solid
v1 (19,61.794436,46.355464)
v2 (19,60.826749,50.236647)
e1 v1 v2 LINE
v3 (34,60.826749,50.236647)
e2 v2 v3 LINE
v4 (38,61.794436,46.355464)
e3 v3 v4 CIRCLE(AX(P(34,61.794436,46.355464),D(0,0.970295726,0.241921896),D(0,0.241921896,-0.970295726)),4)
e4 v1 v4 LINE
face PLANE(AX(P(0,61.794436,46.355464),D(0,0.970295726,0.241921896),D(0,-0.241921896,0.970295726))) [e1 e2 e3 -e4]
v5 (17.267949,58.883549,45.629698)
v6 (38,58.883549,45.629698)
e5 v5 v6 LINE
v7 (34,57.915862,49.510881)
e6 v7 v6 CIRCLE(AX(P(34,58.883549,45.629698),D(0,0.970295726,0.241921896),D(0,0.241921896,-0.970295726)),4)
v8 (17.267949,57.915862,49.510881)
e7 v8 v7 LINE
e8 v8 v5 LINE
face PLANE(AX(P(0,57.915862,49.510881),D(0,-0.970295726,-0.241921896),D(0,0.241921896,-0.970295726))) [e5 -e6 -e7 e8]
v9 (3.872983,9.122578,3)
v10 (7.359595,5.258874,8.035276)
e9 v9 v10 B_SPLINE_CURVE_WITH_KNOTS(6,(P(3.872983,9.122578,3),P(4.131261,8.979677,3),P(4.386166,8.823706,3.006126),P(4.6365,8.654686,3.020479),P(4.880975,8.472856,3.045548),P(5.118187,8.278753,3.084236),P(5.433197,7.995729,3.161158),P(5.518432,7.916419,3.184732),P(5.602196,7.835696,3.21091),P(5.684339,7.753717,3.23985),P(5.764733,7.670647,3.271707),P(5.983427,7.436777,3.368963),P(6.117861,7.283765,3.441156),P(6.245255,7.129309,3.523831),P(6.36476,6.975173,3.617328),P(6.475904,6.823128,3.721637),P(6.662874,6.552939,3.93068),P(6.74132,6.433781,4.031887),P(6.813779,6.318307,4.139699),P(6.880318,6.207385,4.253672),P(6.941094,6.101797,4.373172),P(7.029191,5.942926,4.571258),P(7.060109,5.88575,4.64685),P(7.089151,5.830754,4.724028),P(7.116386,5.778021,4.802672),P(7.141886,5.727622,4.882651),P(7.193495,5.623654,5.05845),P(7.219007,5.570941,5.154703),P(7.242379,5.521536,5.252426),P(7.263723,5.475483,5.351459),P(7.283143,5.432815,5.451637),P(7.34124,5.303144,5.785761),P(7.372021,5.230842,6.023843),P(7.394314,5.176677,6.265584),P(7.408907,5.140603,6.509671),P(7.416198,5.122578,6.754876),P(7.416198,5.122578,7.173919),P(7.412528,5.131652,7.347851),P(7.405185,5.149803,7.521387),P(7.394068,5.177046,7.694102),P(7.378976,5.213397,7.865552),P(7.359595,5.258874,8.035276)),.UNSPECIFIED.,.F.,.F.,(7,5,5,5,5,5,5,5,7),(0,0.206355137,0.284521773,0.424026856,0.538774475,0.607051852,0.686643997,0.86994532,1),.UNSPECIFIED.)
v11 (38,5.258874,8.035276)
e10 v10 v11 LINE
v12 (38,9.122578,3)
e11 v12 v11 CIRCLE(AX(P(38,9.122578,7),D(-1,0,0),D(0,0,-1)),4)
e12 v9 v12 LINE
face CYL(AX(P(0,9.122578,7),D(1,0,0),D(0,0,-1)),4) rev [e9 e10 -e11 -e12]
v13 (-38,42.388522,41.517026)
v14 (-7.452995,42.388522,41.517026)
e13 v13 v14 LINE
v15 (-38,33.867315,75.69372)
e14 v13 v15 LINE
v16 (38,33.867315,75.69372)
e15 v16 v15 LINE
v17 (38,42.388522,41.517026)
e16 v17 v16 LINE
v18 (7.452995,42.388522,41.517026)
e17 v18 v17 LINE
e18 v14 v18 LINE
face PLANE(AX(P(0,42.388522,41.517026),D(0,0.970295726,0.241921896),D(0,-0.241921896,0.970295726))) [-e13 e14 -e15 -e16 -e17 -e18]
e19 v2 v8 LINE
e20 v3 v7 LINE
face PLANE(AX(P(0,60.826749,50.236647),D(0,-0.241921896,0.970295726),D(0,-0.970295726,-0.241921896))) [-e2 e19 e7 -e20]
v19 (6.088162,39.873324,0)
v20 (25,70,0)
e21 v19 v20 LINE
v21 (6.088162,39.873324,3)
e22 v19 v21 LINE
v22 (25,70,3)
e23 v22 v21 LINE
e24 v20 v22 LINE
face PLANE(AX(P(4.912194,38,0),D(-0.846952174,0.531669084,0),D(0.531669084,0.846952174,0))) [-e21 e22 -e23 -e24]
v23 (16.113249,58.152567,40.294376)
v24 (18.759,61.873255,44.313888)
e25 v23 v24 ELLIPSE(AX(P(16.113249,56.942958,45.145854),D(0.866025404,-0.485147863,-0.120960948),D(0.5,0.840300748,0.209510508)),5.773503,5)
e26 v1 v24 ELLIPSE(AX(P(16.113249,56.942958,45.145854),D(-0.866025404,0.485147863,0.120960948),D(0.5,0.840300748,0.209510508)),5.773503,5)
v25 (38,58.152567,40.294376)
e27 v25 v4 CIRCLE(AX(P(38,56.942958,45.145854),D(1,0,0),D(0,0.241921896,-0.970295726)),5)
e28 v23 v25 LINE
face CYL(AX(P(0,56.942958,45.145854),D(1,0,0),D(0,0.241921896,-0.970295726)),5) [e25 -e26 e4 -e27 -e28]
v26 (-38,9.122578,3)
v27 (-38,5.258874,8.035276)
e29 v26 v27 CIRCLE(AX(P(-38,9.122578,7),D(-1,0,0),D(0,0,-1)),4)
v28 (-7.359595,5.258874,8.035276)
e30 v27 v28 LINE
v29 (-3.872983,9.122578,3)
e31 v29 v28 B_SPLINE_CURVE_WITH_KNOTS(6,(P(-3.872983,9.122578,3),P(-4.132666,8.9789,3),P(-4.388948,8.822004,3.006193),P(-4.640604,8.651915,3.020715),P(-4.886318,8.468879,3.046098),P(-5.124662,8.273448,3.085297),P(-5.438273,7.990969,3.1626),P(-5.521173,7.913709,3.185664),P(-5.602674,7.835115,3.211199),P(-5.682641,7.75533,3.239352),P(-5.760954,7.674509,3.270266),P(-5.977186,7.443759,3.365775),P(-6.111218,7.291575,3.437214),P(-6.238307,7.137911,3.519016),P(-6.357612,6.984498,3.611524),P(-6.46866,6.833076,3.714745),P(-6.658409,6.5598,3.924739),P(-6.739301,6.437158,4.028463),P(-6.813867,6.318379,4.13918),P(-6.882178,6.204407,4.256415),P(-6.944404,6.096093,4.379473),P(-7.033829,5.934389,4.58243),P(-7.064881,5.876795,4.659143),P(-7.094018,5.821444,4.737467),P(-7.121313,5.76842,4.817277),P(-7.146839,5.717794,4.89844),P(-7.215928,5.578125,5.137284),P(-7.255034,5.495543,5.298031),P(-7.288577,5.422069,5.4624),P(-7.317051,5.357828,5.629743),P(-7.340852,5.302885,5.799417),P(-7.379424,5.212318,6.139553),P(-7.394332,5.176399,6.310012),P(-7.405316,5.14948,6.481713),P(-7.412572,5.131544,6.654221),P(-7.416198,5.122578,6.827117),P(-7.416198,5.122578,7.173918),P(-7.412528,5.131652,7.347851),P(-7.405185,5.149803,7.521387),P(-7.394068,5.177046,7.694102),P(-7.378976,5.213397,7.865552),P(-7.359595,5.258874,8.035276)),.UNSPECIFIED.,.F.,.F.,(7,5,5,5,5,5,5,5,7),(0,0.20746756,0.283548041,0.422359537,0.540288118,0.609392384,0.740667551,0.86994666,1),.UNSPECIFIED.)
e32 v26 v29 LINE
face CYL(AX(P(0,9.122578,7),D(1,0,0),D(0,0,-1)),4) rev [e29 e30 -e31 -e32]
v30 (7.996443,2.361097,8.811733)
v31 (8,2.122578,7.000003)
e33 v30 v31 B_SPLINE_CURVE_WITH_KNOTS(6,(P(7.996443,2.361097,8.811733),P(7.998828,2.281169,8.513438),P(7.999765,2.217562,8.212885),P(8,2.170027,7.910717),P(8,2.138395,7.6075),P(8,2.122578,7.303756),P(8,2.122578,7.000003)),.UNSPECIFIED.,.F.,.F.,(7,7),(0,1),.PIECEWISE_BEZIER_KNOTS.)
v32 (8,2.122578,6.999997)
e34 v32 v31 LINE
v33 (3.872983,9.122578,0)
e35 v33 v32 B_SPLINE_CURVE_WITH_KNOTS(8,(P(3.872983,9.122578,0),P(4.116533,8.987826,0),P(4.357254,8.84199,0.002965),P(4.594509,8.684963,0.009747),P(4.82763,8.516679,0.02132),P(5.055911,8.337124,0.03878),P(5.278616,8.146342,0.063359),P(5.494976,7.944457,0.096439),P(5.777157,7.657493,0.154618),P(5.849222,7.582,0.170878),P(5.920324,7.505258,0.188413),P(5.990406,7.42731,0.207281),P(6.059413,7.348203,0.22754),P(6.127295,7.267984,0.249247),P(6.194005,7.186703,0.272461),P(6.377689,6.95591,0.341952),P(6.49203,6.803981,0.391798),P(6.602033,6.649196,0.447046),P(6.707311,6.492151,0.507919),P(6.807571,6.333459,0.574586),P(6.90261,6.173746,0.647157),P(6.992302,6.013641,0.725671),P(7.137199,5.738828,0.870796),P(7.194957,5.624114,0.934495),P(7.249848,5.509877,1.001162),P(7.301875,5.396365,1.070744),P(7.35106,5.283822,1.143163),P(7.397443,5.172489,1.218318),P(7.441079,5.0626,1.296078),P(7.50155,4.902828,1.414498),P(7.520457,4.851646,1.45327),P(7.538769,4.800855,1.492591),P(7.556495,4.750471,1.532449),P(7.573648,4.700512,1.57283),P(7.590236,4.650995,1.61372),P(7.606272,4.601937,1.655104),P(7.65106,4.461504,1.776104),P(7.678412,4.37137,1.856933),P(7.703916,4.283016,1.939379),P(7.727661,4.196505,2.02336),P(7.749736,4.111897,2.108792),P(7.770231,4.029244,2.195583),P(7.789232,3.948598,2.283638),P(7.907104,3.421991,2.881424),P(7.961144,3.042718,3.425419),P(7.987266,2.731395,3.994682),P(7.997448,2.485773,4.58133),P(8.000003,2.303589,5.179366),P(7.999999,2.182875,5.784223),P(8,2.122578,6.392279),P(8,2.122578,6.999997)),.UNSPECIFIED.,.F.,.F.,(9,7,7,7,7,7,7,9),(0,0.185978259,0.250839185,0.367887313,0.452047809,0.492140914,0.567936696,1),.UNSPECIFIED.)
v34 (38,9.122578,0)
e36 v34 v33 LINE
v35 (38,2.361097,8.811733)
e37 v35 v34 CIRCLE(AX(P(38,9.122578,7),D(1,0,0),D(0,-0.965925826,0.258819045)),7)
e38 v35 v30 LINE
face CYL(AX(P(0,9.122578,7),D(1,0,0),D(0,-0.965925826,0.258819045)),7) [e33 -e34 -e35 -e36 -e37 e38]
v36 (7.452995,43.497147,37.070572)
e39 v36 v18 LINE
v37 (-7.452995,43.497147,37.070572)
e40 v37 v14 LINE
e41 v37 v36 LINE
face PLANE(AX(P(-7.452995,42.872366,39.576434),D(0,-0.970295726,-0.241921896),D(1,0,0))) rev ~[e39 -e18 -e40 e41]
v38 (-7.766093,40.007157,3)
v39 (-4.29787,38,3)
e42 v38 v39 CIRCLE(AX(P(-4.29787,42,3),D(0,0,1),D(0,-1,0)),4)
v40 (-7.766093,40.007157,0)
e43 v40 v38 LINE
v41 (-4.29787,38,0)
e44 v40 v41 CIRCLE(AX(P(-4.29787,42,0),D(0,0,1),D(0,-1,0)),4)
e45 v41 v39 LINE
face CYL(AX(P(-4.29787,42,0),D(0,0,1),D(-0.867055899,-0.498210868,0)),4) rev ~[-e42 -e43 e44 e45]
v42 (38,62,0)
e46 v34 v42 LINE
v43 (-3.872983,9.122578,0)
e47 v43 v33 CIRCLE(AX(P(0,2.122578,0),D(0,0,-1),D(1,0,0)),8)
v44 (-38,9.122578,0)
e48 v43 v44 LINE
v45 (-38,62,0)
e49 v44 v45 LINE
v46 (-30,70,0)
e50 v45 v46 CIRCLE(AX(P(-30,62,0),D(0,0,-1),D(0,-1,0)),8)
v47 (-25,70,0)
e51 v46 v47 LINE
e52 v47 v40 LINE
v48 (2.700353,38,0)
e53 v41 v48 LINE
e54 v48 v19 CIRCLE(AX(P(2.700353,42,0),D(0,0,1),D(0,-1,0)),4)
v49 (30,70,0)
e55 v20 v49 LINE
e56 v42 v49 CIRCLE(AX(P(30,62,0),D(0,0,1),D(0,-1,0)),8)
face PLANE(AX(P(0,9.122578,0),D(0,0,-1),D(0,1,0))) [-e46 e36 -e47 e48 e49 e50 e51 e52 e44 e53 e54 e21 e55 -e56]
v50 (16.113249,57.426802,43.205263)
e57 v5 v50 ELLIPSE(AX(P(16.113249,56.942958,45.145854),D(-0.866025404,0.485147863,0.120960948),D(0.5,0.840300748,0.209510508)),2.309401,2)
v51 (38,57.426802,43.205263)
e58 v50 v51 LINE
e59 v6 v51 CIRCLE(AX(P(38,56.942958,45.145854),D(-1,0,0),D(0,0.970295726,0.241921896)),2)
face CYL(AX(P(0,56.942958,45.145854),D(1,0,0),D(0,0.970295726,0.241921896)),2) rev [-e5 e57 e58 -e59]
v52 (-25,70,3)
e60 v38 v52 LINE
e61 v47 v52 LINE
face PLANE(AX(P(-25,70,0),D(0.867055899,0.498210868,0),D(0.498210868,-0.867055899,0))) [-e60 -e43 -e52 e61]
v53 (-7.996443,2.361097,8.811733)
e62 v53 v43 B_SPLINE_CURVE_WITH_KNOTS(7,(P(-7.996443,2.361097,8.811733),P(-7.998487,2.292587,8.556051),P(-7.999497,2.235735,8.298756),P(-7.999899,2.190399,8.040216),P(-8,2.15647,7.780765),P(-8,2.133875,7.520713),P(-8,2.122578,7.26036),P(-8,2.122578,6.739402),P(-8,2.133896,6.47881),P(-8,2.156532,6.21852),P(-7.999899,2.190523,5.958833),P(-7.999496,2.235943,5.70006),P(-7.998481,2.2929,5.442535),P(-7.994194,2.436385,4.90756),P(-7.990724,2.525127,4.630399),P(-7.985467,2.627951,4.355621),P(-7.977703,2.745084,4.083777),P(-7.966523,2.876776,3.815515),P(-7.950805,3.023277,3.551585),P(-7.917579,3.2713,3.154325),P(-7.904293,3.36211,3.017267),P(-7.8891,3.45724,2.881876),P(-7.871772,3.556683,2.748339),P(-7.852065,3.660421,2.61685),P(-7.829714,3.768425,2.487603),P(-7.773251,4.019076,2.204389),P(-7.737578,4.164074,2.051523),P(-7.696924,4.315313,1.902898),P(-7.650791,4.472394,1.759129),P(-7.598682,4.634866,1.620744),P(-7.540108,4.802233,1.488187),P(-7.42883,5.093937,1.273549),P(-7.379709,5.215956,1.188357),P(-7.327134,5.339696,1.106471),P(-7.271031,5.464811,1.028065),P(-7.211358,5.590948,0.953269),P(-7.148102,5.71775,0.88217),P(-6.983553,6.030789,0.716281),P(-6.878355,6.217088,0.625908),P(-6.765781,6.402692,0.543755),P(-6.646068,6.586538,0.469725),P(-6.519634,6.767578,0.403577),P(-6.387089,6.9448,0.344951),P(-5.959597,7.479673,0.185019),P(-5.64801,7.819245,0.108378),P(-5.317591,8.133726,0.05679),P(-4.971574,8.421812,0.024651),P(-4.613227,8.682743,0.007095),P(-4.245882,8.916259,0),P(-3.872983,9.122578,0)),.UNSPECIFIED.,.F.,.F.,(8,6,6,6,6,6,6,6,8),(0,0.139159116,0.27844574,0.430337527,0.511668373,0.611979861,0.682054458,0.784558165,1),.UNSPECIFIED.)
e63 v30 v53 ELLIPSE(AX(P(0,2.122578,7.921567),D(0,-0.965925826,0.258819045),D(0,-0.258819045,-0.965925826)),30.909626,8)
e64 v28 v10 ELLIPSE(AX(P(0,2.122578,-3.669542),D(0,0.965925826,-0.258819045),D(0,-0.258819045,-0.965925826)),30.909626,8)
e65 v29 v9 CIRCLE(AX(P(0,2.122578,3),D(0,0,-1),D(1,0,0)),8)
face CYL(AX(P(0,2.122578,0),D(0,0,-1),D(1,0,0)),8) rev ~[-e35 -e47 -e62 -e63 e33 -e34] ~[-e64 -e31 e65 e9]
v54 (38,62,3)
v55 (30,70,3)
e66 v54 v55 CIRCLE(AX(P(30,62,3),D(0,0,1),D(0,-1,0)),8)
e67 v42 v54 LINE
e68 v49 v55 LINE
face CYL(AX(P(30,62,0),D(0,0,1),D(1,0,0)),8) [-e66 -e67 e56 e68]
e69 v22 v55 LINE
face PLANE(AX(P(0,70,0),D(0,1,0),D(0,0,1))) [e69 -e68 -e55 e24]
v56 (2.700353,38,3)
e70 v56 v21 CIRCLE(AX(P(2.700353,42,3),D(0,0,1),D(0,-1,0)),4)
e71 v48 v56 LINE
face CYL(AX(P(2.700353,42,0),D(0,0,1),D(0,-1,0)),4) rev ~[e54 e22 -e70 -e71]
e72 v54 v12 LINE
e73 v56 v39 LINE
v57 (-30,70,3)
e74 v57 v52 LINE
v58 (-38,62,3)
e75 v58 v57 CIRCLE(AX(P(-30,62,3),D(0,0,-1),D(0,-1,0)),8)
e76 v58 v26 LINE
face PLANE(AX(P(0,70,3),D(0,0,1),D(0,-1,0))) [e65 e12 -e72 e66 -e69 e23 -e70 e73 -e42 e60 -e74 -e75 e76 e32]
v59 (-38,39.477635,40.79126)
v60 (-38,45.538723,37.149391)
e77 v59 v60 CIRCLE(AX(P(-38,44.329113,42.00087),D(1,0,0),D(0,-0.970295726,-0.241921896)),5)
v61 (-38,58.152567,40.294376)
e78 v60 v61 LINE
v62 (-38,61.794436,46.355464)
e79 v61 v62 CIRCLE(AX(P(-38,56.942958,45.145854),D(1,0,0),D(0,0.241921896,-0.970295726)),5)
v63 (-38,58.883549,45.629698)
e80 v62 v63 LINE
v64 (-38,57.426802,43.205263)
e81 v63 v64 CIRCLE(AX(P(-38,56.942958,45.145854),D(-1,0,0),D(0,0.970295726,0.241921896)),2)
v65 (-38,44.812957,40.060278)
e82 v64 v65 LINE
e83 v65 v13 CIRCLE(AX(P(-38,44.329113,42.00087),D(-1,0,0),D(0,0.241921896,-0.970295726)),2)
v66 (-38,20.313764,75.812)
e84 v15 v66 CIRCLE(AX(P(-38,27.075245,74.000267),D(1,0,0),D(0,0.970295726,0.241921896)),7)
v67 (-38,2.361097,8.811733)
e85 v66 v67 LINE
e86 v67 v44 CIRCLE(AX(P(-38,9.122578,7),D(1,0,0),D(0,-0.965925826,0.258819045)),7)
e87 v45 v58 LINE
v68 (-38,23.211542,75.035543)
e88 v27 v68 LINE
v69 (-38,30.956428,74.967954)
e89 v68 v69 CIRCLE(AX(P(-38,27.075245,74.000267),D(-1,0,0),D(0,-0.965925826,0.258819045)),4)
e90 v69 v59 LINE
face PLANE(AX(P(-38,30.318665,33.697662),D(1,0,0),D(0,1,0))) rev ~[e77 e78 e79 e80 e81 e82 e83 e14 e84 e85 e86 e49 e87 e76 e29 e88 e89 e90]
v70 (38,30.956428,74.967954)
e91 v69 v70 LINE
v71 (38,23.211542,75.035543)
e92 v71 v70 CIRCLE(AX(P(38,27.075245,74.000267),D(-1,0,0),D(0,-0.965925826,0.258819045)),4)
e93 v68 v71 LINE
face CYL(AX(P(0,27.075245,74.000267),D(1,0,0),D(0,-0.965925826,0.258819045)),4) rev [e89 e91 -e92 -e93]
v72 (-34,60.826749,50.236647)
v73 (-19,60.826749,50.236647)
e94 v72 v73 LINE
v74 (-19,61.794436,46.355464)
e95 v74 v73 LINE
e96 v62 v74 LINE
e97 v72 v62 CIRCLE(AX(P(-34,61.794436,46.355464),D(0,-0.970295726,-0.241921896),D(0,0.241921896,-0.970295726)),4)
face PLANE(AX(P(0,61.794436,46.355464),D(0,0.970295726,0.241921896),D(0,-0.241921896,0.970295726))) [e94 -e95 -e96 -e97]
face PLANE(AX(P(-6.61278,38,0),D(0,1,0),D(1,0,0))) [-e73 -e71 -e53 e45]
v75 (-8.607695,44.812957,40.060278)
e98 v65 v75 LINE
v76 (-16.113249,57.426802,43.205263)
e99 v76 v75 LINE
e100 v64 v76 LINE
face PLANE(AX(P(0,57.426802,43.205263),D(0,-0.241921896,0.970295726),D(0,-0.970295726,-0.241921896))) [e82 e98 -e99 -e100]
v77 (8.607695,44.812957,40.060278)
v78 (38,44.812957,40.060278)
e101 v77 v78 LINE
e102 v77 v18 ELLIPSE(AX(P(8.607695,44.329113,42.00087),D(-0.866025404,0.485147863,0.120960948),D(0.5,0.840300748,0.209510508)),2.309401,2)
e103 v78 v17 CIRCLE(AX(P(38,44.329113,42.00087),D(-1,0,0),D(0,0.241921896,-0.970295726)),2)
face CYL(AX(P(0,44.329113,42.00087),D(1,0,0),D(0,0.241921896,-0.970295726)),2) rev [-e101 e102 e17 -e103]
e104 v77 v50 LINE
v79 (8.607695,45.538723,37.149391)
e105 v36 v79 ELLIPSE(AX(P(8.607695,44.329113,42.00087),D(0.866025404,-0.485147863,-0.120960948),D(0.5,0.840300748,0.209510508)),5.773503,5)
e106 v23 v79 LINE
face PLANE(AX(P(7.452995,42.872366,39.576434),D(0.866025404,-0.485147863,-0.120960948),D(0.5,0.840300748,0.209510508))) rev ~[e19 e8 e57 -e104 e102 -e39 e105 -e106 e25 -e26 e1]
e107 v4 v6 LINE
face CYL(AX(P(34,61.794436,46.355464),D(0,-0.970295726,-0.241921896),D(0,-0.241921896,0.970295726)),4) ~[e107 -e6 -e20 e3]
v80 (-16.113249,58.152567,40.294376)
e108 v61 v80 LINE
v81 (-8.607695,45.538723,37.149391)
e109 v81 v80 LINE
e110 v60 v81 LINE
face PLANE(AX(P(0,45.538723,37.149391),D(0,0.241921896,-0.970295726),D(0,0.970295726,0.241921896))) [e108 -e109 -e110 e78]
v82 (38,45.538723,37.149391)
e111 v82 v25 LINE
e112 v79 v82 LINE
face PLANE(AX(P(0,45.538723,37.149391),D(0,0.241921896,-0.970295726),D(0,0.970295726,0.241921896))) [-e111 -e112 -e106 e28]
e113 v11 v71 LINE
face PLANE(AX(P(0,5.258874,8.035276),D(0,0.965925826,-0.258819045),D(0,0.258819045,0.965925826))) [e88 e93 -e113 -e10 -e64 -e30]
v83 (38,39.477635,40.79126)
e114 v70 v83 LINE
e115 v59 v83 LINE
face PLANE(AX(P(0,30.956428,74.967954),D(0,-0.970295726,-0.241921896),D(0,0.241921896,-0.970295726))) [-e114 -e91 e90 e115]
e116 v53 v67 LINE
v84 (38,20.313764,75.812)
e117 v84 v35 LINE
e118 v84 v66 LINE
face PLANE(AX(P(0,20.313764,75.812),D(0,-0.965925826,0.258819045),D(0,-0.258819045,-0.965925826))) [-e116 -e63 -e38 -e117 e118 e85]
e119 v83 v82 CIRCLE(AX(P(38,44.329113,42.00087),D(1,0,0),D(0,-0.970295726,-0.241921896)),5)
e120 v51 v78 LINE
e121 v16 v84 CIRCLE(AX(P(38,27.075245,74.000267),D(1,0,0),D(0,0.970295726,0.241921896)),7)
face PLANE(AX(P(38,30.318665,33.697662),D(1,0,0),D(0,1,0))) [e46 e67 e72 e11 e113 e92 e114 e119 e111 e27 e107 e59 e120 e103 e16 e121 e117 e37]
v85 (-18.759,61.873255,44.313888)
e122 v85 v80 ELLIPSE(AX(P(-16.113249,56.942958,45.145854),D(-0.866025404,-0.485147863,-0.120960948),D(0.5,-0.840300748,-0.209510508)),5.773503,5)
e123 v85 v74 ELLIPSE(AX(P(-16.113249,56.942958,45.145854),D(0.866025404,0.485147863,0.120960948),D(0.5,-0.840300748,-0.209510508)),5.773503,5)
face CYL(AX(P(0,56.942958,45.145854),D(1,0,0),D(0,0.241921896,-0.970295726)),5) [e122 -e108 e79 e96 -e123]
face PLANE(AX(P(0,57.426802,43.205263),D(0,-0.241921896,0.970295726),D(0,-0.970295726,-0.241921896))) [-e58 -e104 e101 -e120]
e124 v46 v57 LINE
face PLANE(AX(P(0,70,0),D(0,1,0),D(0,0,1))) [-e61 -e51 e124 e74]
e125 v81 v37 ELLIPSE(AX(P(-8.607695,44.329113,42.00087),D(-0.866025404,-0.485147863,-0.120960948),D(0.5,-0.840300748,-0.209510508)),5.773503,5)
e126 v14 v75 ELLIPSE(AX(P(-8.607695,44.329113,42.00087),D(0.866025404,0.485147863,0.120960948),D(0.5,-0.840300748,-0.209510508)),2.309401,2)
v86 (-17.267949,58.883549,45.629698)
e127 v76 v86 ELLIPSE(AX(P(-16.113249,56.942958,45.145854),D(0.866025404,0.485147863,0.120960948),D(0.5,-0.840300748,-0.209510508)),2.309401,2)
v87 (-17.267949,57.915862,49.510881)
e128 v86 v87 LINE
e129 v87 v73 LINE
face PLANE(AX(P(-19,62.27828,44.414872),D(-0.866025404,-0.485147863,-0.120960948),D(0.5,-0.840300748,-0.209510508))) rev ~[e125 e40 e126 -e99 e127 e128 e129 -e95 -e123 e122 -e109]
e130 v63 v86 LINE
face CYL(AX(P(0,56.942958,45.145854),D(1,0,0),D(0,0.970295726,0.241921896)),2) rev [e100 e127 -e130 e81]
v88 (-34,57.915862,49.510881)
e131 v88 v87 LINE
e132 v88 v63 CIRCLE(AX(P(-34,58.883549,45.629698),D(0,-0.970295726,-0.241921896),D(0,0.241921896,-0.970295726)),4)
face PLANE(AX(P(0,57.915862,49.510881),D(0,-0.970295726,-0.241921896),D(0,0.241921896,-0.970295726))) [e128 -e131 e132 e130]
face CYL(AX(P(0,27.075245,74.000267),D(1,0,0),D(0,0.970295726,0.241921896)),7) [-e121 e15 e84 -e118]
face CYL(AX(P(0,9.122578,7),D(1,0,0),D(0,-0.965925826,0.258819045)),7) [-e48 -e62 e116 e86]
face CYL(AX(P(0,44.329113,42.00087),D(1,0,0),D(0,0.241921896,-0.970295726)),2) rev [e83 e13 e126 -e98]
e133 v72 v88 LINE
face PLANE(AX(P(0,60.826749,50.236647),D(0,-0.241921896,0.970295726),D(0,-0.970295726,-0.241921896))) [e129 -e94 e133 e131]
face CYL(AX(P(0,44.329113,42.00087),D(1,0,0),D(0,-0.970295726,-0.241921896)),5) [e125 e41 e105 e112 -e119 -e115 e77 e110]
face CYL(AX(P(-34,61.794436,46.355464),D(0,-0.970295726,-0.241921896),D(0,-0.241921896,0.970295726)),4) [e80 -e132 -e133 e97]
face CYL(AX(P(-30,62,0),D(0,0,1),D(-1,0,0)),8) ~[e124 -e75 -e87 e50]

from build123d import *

# Parameters (mm, degrees)
BOSS_EXTRUDE1_DEPTH     = 38
FILLET1_R               = 4
FILLET2_R               = 8
CUT_EXTRUDE1_DEPTH      = 1
CUT_EXTRUDE1_DEPTH_BACK = 13
FILLET3_R               = 4
SKETCH4_R               = 8
CUT_EXTRUDE4_DEPTH      = 82.000266539
CUT_EXTRUDE5_DEPTH      = 51.051633202
CUT_EXTRUDE5_DEPTH_BACK = 45.963614062


with BuildPart() as part:
    # Sketch1 → Boss-Extrude1 (new body, symmetric)
    with BuildSketch(Plane.YZ):
        with BuildLine():
            Line((9.12257761, 0), (70, 0))
            Line((70, 0), (70, 3))
            Line((70, 3), (9.12257761, 3))
            ThreePointArc((9.12257761, 3), (5.949164249, 4.564954284), (5.258874305, 8.03527618))
            Line((5.258874305, 8.03527618), (23.211541616, 75.035542719))
            ThreePointArc((23.211541616, 75.035542719), (27.110151064, 78.000114231), (30.956427827, 74.967954121))
            Line((30.956427827, 74.967954121), (39.477634655, 40.791260242))
            ThreePointArc((39.477634655, 40.791260242), (41.753922912, 37.715033217), (45.538722765, 37.149391089))
            Line((45.538722765, 37.149391089), (58.152567206, 40.294375732))
            ThreePointArc((58.152567206, 40.294375732), (61.228794232, 42.570663989), (61.79443636, 46.355463841))
            Line((61.79443636, 46.355463841), (60.826748777, 50.236646746))
            Line((60.826748777, 50.236646746), (57.915861598, 49.510881059))
            Line((57.915861598, 49.510881059), (58.883549181, 45.629698154))
            ThreePointArc((58.883549181, 45.629698154), (58.65729233, 44.115778213), (57.426801519, 43.205262911))
            Line((57.426801519, 43.205262911), (44.812957078, 40.060278268))
            ThreePointArc((44.812957078, 40.060278268), (43.299037137, 40.286535119), (42.388521834, 41.517025929))
            Line((42.388521834, 41.517025929), (33.867315005, 75.693719808))
            ThreePointArc((33.867315005, 75.693719808), (27.13633067, 81), (20.313764138, 75.811999854))
            Line((20.313764138, 75.811999854), (2.361096826, 8.811733316))
            ThreePointArc((2.361096826, 8.811733316), (3.569104228, 2.738669997), (9.12257761, 0))
        make_face()
    extrude(amount=BOSS_EXTRUDE1_DEPTH, both=True)

    # Fillet1
    fillet1_edges = [part.edges().sort_by_distance(p)[0] for p in [
        (-38, 59.371305188, 49.873763903),
        (38, 59.371305188, 49.873763903),
    ]]
    fillet(fillet1_edges, radius=FILLET1_R)

    # Fillet2
    fillet2_edges = [part.edges().sort_by_distance(p)[0] for p in [
        (-38, 70, 1.5),
        (38, 70, 1.5),
    ]]
    fillet(fillet2_edges, radius=FILLET2_R)

    # Sketch2 → Cut-Extrude1 (cut, two sides)
    with BuildSketch(Plane(origin=(0, 0, 0), x_dir=(1, 0, 0), z_dir=(0, 0, -1))) as cut_extrude1_sk:
        Polygon((-25, -70), (-6.612779769, -38), (4.912194323, -38), (25, -70), align=None)
    extrude(amount=CUT_EXTRUDE1_DEPTH, mode=Mode.SUBTRACT)
    extrude(cut_extrude1_sk.sketch, amount=-CUT_EXTRUDE1_DEPTH_BACK, mode=Mode.SUBTRACT)

    # Fillet3
    fillet3_edges = [part.edges().sort_by_distance(p)[0] for p in [
        (4.912194323, 38, 1.5),
        (-6.612779769, 38, 1.5),
    ]]
    fillet(fillet3_edges, radius=FILLET3_R)

    # Sketch4 → Cut-Extrude4 (cut, through all)
    with BuildSketch(Plane(origin=(0, 0, 0), x_dir=(1, 0, 0), z_dir=(0, 0, -1))):
        with Locations((0, -2.12257761)):
            Circle(SKETCH4_R)
    extrude(amount=-CUT_EXTRUDE4_DEPTH, mode=Mode.SUBTRACT)

    # Sketch6 → Cut-Extrude5 (cut, two sides)
    with BuildSketch(Plane(origin=(0, -6.780848473, 27.196497771), x_dir=(1, 0, 0), z_dir=(0, -0.241921896, 0.970295726))) as cut_extrude5_sk:
        Polygon((-19, 71.173279191), (-7.452994616, 51.173279191), (7.452994616, 51.173279191), (19, 71.173279191), align=None)
    extrude(amount=CUT_EXTRUDE5_DEPTH, mode=Mode.SUBTRACT)
    extrude(cut_extrude5_sk.sketch, amount=-CUT_EXTRUDE5_DEPTH_BACK, mode=Mode.SUBTRACT)


solid = part.part
